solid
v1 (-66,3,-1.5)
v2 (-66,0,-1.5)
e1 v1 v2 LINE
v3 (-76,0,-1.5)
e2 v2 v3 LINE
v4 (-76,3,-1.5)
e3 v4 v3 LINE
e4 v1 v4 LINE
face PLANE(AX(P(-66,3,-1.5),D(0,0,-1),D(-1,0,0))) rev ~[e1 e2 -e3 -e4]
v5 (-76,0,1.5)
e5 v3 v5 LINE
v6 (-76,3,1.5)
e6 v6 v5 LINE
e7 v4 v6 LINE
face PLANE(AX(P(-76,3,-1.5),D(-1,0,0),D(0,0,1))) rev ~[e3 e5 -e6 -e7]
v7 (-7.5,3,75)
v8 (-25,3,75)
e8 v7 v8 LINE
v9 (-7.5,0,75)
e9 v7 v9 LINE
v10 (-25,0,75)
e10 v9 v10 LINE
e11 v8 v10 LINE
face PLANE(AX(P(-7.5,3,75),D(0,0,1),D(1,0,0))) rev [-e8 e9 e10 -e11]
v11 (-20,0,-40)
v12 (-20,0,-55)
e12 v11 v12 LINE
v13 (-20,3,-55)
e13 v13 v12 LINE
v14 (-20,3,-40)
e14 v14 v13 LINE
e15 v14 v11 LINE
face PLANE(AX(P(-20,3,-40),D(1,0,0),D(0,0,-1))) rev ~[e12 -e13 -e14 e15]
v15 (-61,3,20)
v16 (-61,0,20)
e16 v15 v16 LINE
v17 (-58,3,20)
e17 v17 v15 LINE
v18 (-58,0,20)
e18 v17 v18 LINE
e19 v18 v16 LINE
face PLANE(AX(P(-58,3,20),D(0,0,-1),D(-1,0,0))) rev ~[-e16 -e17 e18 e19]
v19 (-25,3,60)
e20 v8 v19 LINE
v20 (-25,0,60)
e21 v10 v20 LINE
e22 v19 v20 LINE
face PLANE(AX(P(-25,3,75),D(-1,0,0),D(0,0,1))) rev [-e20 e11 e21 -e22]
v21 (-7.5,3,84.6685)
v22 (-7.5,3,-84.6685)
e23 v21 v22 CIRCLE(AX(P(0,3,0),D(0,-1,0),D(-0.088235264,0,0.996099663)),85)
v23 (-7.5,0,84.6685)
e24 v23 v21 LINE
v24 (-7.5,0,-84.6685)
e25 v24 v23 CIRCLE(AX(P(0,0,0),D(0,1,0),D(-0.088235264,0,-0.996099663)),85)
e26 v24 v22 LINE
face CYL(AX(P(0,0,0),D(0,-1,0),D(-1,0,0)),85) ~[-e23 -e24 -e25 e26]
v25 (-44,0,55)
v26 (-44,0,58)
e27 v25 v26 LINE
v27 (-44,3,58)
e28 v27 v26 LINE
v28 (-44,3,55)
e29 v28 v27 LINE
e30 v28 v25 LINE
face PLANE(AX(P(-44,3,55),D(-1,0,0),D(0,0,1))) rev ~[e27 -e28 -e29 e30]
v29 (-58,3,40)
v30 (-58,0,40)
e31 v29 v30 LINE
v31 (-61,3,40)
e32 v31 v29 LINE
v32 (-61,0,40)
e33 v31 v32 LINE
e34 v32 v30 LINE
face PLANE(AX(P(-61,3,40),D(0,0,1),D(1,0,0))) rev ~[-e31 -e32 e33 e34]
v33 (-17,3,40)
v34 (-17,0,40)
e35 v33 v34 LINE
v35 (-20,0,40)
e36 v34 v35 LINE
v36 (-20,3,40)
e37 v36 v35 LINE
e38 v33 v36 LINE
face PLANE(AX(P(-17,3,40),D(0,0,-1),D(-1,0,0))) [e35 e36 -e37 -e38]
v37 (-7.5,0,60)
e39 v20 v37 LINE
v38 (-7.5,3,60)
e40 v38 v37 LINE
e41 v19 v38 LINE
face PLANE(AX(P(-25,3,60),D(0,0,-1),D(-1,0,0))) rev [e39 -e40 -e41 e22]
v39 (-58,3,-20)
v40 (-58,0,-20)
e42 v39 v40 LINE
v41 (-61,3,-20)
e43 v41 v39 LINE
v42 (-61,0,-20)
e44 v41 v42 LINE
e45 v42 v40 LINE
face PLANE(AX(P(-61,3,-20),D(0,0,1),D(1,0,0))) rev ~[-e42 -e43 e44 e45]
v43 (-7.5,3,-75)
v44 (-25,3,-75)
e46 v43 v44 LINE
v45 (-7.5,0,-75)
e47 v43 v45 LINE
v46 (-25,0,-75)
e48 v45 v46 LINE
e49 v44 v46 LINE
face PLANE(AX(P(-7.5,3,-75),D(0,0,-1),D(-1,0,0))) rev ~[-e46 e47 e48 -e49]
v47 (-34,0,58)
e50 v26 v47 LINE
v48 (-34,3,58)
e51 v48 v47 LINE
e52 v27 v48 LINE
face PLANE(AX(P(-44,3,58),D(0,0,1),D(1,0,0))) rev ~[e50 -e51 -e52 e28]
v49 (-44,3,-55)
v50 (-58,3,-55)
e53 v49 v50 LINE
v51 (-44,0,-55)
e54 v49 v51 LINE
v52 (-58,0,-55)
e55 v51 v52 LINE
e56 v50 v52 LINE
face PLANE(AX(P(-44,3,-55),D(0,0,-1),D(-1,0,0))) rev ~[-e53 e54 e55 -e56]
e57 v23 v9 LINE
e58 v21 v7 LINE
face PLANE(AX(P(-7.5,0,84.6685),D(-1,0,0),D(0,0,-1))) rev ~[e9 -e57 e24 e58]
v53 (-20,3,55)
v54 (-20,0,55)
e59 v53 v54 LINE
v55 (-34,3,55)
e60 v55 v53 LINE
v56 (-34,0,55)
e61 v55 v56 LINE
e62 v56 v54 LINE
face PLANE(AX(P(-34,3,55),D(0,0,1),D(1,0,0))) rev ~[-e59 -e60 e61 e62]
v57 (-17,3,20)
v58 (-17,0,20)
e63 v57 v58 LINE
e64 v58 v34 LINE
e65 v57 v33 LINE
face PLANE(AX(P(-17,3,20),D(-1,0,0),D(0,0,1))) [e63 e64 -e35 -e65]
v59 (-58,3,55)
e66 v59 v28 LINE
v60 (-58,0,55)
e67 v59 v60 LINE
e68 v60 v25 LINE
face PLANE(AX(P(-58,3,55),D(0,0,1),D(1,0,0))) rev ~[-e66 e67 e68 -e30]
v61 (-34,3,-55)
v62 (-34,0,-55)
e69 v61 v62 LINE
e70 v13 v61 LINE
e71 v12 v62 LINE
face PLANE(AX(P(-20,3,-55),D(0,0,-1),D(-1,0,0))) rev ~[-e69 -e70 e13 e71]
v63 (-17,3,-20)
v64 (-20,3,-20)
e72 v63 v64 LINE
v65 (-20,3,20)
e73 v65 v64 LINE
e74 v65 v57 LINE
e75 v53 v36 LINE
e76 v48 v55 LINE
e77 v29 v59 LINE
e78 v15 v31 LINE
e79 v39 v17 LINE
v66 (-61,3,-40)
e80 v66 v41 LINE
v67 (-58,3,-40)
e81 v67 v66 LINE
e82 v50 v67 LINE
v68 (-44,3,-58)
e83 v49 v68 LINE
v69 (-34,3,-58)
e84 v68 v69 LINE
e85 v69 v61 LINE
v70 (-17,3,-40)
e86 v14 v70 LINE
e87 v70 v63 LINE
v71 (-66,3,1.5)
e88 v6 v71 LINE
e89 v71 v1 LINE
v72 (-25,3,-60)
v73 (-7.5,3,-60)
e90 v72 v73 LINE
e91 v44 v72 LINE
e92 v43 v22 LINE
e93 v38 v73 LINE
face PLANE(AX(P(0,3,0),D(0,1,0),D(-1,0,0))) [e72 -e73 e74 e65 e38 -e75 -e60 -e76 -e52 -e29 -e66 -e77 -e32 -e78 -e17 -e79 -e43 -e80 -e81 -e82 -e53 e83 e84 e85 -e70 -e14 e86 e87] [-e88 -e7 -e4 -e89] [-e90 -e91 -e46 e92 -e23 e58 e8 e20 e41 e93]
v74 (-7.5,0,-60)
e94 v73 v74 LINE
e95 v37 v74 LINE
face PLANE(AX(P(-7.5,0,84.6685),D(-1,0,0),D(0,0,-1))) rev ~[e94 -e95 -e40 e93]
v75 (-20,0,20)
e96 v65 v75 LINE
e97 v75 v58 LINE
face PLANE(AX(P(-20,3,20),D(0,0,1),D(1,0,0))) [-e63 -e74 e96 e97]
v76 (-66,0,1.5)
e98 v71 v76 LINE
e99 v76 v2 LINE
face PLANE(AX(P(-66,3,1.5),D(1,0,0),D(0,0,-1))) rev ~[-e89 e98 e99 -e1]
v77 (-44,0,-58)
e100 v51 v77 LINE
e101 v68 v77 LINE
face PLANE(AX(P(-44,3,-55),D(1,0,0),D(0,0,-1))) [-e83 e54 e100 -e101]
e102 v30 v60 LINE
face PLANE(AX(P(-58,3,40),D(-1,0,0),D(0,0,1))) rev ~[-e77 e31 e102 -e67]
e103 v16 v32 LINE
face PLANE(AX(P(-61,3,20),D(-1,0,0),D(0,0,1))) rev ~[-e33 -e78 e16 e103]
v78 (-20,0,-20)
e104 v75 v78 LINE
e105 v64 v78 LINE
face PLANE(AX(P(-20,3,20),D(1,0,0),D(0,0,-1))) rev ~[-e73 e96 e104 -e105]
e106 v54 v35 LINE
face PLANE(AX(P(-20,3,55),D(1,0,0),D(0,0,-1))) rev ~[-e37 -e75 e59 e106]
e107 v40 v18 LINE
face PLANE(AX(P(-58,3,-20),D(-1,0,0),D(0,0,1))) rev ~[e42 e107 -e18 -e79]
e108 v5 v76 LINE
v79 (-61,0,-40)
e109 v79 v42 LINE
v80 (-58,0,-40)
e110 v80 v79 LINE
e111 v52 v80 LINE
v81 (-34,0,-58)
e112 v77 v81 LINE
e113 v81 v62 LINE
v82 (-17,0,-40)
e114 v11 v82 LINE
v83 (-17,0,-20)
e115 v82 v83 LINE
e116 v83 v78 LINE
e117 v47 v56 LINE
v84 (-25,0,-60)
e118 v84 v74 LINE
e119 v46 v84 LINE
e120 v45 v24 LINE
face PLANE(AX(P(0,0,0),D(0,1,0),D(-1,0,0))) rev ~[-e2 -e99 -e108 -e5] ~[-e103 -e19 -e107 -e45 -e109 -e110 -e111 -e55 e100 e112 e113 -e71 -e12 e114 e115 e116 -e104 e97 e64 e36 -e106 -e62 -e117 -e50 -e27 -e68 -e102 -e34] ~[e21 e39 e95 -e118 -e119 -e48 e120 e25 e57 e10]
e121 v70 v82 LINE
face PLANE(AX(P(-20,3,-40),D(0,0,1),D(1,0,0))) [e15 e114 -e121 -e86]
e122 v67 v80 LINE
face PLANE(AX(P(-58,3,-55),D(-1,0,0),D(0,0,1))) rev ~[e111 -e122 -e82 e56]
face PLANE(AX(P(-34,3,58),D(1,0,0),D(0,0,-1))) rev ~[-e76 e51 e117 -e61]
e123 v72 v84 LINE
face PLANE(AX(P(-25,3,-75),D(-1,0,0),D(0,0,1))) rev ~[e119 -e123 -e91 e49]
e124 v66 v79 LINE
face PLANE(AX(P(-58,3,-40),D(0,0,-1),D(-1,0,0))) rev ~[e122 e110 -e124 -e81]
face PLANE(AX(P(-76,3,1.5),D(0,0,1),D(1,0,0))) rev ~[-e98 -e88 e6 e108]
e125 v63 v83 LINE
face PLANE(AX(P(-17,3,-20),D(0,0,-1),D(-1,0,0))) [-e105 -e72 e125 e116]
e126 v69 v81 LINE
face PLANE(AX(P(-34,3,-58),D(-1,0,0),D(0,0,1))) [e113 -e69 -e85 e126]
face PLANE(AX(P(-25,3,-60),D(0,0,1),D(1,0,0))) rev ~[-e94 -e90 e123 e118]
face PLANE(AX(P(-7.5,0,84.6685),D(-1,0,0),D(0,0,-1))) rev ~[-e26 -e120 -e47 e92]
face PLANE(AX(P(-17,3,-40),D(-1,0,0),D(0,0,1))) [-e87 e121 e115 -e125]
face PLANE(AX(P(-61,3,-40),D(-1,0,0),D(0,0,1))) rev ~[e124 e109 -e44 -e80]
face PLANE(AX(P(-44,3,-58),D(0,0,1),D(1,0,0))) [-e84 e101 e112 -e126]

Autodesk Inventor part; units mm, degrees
ref_plane "YZ Plane" through (0, 0, 0) normal (1, 0, 0) x (0, 1, 0)
ref_plane "XZ Plane" through (0, 0, 0) normal (0, 1, 0) x (-1, 0, 0)
ref_plane "XY Plane" through (0, 0, 0) normal (0, 0, 1) x (1, 0, 0)
sketch "Sketch1" plane through (0, 0, 0) normal (0, 1, 0) x (-1, 0, 0)
  circle A0 centre (0, 0) radius 85
  line L0 (7.5, 84.6685) -> (7.5, -84.6685)
  dimension "d0" = 170
  dimension "d1" = 7.5
extrude "Extrusion1" add sketch "Sketch1" along normal blind 3 contours A0 L0 picked at (34.1822, 19.1304)
sketch "Sketch2" plane through (0, 3, 0) normal (0, 1, 0) x (1, 0, 0)
  line L0 (-20, 55) -> (-58, 55) construction
  line L1 (-58, 55) -> (-58, -55) construction
  line L2 (-58, -55) -> (-20, -55) construction
  line L3 (-20, -55) -> (-20, 55) construction
  line L4 (-20, 40) -> (-17, 40)
  line L5 (-17, 40) -> (-17, 20)
  line L6 (-17, 20) -> (-20, 20)
  line L7 (-20, 20) -> (-20, 40)
  line L8 (-20, 55) -> (-58, 55)
  line L9 (-58, 55) -> (-58, -55)
  line L10 (-58, -55) -> (-20, -55)
  line L11 (-20, -55) -> (-20, 55)
  line L12 (-20, -20) -> (-17, -20)
  line L13 (-17, -20) -> (-17, -40)
  line L14 (-17, -40) -> (-20, -40)
  line L15 (-20, -40) -> (-20, -20)
  line L16 (-58, 40) -> (-61, 40)
  line L17 (-61, 40) -> (-61, 20)
  line L18 (-61, 20) -> (-58, 20)
  line L19 (-58, 20) -> (-58, 40)
  line L20 (-58, -20) -> (-61, -20)
  line L21 (-61, -20) -> (-61, -40)
  line L22 (-61, -40) -> (-58, -40)
  line L23 (-58, -40) -> (-58, -20)
  line L24 (-34, 55) -> (-44, 55)
  line L25 (-44, 55) -> (-44, 58)
  line L26 (-44, 58) -> (-34, 58)
  line L27 (-34, 58) -> (-34, 55)
  line L28 (-34, -55) -> (-44, -55)
  line L29 (-44, -55) -> (-44, -58)
  line L30 (-44, -58) -> (-34, -58)
  line L31 (-34, -58) -> (-34, -55)
  point P0 (0, 0)
  point P1 (-20, 0)
  point P2 (-39, 58)
  point P3 (-39, 55)
  dimension "d4" = 38
  dimension "d5" = 110
  dimension "d6" = 20
  dimension "d7" = 3
  dimension "d8" = 20
  dimension "d9" = 20
  dimension "d10" = 3
  dimension "d11" = 20
  dimension "d12" = 20
  dimension "d13" = 3
  dimension "d14" = 10
  dimension "d15" = 3
  dimension "d16" = 10
  dimension "d17" = 3
extrude "Extrusion2" cut sketch "Sketch2" against normal blind 3
sketch "Sketch3" plane through (0, 3, 0) normal (0, 1, 0) x (1, 0, 0)
  line L0 (-66, 1.5) -> (-76, 1.5)
  line L1 (-76, 1.5) -> (-76, -1.5)
  line L2 (-76, -1.5) -> (-66, -1.5)
  line L3 (-66, -1.5) -> (-66, 1.5)
  line L4 (-61, 20) -> (-61, 40) projected
  line L5 (-58, -20) -> (-58, 20) projected
  point P0 (0, 0)
  point P1 (-66, 0)
  point P2 (-58, 0)
  dimension "d20" = 10
  dimension "d21" = 3
  dimension "d22" = 5
extrude "Extrusion3" cut sketch "Sketch3" against normal blind 3
sketch "Sketch4" plane through (0, 3, 0) normal (0, 1, 0) x (1, 0, 0)
  line L0 (-7.5, -84.6685) -> (-7.5, 84.6685) projected
  line L1 (-7.5, 75) -> (-25, 75)
  line L2 (-25, 75) -> (-25, 60)
  line L3 (-25, 60) -> (-7.5, 60)
  line L4 (-7.5, 60) -> (-7.5, 75)
  point P0 (0, 0)
  dimension "d25" = 25
  dimension "d26" = 60
  dimension "d27" = 15
extrude "Extrusion4" cut sketch "Sketch4" against normal blind 3
mirror "Mirror1" about plane through (0, 0, 0) normal (0, 0, 1) of "Extrusion4"
sketch "Sketch5" plane through (0, 3, 0) normal (0, 1, 0) x (1, 0, 0)
  point P0 (0, 0)
equation "\"d12\" = d9"
properties part number "Mid Plate"
